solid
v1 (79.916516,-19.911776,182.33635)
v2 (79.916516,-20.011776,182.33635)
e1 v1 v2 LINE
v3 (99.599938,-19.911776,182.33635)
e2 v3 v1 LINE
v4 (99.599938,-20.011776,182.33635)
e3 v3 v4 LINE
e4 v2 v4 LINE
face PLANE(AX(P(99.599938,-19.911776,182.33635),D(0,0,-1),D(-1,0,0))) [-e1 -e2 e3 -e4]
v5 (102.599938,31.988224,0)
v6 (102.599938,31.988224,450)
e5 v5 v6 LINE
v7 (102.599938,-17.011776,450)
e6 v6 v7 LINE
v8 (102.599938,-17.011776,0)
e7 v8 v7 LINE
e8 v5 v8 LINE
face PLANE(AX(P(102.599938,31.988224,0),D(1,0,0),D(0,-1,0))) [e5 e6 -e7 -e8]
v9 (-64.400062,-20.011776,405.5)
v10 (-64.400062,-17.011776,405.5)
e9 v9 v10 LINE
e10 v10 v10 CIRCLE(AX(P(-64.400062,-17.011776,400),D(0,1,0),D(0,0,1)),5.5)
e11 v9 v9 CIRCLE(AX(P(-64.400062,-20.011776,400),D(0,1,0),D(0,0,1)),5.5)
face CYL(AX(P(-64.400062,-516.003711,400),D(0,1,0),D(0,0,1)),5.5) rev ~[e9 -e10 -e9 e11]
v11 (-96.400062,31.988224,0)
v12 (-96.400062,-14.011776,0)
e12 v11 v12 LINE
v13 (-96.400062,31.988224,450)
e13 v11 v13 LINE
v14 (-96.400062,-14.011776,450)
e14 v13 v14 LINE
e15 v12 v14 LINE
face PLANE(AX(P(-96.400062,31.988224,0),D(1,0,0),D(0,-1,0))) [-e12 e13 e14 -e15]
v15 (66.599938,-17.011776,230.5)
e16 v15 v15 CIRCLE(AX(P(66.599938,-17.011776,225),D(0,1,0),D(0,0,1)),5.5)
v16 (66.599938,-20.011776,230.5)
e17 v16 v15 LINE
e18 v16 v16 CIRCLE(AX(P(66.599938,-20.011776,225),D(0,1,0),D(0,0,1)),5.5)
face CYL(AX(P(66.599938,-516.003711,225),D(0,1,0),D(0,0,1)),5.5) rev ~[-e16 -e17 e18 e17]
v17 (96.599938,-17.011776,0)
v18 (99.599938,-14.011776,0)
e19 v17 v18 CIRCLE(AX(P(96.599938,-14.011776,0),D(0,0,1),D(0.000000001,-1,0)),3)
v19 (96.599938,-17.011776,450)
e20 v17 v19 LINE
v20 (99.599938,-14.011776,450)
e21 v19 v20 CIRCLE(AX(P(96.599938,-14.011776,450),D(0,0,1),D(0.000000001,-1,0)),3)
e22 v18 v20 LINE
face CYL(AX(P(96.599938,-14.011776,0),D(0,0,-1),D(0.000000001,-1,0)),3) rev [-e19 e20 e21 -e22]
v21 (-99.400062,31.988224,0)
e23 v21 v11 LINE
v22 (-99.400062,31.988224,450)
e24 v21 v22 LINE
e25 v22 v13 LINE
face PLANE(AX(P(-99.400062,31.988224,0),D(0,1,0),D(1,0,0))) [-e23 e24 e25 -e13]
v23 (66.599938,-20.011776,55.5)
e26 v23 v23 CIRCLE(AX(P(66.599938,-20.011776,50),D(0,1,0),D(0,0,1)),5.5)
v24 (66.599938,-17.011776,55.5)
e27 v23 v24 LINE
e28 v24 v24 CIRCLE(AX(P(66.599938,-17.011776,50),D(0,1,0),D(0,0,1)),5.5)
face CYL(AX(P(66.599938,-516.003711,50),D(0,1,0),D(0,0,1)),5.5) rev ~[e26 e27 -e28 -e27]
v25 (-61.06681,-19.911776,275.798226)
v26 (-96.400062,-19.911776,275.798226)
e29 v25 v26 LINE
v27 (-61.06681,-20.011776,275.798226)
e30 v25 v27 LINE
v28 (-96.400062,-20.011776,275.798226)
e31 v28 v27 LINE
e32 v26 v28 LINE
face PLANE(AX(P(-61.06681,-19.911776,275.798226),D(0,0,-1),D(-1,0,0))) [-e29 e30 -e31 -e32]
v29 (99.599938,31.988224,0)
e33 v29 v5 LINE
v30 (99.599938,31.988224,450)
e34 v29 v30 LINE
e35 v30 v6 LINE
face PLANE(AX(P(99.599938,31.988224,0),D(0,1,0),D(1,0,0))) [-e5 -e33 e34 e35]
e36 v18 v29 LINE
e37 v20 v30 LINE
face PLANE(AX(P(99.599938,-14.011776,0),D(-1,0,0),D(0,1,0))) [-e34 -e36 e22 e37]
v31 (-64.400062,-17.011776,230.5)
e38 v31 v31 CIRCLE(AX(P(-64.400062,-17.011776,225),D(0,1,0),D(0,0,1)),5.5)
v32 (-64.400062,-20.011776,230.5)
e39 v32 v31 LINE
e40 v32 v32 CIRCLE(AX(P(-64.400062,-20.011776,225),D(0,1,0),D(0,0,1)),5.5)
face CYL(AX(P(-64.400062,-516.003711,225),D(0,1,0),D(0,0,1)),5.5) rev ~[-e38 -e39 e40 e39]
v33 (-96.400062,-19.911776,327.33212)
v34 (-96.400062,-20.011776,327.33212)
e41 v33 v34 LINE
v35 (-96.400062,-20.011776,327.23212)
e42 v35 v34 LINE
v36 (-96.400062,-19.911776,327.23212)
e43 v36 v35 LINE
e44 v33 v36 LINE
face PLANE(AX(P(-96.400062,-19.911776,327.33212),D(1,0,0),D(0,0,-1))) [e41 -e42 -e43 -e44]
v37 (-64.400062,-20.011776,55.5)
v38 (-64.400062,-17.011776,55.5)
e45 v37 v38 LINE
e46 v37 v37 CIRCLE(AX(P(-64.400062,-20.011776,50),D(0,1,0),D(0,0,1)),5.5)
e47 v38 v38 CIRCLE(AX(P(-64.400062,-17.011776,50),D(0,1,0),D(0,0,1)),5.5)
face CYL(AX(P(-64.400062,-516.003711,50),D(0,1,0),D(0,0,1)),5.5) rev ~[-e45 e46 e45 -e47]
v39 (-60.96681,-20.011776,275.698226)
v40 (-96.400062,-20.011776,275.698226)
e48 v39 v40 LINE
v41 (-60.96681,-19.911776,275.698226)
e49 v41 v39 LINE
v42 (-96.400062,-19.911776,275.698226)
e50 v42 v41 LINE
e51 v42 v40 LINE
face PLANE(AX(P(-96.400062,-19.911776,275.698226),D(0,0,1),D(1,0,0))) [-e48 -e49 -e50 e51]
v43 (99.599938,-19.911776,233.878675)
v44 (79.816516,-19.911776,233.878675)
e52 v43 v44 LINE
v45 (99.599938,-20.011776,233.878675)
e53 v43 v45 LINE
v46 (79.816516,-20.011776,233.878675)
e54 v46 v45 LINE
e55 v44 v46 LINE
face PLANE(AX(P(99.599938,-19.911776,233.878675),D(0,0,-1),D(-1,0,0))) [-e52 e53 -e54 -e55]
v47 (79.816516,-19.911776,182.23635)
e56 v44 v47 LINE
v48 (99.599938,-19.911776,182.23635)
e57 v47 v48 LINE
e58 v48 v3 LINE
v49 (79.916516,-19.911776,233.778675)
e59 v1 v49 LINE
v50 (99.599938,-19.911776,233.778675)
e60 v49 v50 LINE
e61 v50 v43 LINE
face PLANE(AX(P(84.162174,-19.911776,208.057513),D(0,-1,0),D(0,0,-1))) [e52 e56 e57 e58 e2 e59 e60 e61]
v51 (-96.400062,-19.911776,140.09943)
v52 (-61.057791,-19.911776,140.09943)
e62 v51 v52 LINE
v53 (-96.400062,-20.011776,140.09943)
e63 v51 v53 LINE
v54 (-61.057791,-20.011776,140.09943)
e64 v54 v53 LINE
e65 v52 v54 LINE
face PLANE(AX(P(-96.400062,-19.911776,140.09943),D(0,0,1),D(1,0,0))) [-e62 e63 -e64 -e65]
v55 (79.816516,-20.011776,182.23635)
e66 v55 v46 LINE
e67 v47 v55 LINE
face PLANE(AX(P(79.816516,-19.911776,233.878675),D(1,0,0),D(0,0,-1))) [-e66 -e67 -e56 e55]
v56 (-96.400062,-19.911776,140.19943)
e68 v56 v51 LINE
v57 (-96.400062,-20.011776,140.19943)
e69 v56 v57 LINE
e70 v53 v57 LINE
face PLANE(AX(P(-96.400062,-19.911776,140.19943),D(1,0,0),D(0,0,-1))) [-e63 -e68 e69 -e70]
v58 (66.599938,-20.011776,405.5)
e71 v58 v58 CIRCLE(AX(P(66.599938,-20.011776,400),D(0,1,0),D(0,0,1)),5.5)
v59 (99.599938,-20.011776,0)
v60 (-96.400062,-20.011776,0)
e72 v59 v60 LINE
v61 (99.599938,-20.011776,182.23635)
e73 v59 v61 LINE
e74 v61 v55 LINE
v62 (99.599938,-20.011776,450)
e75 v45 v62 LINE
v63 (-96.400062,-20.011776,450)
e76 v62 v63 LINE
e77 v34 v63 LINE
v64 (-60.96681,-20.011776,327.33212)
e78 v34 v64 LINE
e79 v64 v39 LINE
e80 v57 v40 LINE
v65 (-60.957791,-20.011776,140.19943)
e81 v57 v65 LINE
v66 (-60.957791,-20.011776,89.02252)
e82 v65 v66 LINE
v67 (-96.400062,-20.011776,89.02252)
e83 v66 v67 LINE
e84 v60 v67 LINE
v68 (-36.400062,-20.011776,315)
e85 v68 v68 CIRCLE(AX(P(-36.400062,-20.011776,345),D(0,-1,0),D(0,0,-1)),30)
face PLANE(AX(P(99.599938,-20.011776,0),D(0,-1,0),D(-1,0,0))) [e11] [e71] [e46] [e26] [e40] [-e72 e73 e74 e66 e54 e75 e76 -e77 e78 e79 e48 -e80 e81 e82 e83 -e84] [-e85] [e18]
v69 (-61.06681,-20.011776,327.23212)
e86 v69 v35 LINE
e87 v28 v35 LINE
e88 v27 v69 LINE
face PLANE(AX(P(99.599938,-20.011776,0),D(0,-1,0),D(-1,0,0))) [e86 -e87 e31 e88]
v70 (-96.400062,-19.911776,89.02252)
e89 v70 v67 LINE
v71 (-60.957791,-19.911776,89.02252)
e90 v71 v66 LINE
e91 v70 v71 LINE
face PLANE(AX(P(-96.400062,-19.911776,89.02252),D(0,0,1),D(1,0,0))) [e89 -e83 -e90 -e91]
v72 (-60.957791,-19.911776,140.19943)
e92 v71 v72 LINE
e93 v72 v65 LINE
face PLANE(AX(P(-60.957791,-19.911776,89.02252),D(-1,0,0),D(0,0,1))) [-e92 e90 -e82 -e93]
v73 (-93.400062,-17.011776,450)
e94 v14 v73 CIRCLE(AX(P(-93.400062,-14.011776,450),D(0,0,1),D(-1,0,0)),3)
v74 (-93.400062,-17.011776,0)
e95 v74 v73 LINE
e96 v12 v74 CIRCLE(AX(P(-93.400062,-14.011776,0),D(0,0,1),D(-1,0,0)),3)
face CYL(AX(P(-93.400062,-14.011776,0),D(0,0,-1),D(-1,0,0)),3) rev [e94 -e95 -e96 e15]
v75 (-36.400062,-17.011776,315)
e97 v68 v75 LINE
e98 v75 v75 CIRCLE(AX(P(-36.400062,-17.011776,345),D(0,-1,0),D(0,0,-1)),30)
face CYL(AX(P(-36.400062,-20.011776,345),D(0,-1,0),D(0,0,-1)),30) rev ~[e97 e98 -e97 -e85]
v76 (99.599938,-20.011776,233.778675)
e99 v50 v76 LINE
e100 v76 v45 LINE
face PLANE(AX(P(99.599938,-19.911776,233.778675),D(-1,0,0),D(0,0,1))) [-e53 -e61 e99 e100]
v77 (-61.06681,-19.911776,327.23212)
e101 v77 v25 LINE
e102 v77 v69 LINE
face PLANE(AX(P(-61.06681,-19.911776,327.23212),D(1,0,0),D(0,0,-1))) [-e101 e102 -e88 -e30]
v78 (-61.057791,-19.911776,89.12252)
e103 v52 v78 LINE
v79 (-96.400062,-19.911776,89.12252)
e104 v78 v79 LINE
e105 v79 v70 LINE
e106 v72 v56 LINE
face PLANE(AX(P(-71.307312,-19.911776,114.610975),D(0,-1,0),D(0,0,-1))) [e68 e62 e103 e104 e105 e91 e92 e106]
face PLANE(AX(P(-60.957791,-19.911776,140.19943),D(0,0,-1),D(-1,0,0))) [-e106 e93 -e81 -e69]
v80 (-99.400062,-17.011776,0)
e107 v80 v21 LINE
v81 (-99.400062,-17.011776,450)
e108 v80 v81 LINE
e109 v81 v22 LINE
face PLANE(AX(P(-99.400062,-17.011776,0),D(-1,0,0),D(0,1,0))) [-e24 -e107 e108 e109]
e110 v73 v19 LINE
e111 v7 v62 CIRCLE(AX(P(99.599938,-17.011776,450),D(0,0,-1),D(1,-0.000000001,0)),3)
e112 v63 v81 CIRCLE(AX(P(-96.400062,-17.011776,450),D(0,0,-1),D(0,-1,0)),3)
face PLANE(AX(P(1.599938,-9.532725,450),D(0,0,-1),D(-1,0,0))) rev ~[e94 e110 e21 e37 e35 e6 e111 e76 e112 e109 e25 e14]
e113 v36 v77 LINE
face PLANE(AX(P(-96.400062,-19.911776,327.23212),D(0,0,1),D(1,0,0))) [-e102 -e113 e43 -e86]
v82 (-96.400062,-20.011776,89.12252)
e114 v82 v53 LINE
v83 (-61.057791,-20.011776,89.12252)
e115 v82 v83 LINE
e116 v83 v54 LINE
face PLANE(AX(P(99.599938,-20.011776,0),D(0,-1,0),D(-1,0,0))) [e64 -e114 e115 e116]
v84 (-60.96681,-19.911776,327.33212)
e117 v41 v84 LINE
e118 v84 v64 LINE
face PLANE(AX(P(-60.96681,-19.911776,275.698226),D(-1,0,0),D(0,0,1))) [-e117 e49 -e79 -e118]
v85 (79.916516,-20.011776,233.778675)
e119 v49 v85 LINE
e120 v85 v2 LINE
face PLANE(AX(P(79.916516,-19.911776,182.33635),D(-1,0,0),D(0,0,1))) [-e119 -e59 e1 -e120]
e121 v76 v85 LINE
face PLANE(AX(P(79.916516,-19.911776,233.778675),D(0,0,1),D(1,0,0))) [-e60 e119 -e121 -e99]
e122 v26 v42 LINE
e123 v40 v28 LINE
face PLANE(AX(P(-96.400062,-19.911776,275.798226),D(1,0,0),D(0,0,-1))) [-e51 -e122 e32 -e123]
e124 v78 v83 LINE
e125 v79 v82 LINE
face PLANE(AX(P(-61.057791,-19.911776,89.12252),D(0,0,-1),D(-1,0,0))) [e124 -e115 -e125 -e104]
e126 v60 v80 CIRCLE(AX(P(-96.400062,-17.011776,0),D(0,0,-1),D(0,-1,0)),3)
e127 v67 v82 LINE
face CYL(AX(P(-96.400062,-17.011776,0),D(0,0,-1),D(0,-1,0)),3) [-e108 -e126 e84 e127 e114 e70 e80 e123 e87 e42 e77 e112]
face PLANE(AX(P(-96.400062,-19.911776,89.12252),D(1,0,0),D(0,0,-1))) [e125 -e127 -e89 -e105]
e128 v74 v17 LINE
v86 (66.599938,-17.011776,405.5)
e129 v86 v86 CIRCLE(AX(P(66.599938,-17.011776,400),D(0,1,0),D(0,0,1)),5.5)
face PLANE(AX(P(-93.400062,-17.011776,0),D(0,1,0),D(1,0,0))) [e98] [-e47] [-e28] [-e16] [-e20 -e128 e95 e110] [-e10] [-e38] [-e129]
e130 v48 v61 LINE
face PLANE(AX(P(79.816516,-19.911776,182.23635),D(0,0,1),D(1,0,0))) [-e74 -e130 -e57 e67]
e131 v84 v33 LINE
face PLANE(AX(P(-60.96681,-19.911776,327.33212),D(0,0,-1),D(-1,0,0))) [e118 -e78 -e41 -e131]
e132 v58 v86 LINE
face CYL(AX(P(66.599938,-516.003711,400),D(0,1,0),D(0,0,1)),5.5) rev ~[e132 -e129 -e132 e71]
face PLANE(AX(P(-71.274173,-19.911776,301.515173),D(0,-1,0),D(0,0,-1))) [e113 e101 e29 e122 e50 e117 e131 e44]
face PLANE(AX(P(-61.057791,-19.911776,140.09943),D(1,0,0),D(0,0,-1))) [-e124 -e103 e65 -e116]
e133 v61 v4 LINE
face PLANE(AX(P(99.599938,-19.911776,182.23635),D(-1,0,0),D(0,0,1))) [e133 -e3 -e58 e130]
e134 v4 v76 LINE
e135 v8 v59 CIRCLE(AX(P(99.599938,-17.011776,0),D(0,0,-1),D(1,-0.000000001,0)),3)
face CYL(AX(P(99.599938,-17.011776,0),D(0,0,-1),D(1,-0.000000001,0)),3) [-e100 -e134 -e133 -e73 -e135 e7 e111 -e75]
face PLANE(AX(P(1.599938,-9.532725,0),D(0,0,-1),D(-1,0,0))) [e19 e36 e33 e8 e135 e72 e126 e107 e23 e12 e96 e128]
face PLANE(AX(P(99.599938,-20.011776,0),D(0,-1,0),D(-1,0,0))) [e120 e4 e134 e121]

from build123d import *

# Parameters (mm, degrees)
BOSS_EXTRUDE1_DEPTH          = 450
SKETCH3_R                    = 30
CUT_EXTRUDE2_DEPTH           = 609.050936432
M10_CLEARANCE_SLOT1_D        = 11
CUT_EXTRUDE_THIN4_DEPTH      = 609.050936432
CUT_EXTRUDE_THIN4_DEPTH_BACK = 0.1
CUT_EXTRUDE_THIN5_DEPTH      = 609.050936432
CUT_EXTRUDE_THIN5_DEPTH_BACK = 0.1
CUT_EXTRUDE_THIN6_DEPTH      = 609.050936432
CUT_EXTRUDE_THIN6_DEPTH_BACK = 0.1


with BuildPart() as part:
    # Sketch1 → Boss-Extrude1 (new body)
    with BuildSketch(Plane.XY):
        with BuildLine():
            Line((-96.40006218, 31.988224321), (-96.40006218, -14.011775679))
            ThreePointArc((-96.40006218, -14.011775679), (-95.521382524, -16.133096022), (-93.40006218, -17.011775679))
            Line((-93.40006218, -17.011775679), (96.59993782, -17.011775679))
            ThreePointArc((96.59993782, -17.011775679), (98.721258163, -16.133096022), (99.59993782, -14.011775679))
            Line((99.59993782, -14.011775679), (99.59993782, 31.988224321))
            Line((99.59993782, 31.988224321), (102.59993782, 31.988224321))
            Line((102.59993782, 31.988224321), (102.59993782, -17.011775679))
            ThreePointArc((102.59993782, -17.011775679), (101.721258163, -19.133096022), (99.59993782, -20.011775679))
            Line((99.59993782, -20.011775679), (-96.40006218, -20.011775679))
            ThreePointArc((-96.40006218, -20.011775679), (-98.521382524, -19.133096022), (-99.40006218, -17.011775679))
            Line((-99.40006218, -17.011775679), (-99.40006218, 31.988224321))
            Line((-99.40006218, 31.988224321), (-96.40006218, 31.988224321))
        make_face()
    extrude(amount=BOSS_EXTRUDE1_DEPTH)

    # Sketch3 → Cut-Extrude2 (cut, through all)
    with BuildSketch(Plane(origin=(-323.698265728, -20.011775679, 19.544679499), x_dir=(0, 0, -1), z_dir=(0, -1, 0))):
        with Locations((-325.455320501, 287.298203547)):
            Circle(SKETCH3_R)
    extrude(amount=-CUT_EXTRUDE2_DEPTH, mode=Mode.SUBTRACT)

    # M10 Clearance Slot1 (through all)
    with Locations(Plane(origin=(-323.698265728, -20.011775679, 19.544679499), x_dir=(0, 0, -1), z_dir=(0, -1, 0))):
        with Locations((-380.455320501, 390.298203547), (-205.455320501, 390.298203547), (-30.455320501, 390.298203547), (-30.455320501, 259.298203547), (-205.455320501, 259.298203547), (-380.455320501, 259.298203547)):
            Hole(M10_CLEARANCE_SLOT1_D / 2)

    # Sketch9 → Cut-Extrude-Thin4 (cut, two sides: drawn at the far end of the back side and taken through both)
    with BuildSketch(Plane(origin=(-323.698265728, -20.011775679, 19.544679499), x_dir=(0, 0, -1), z_dir=(0, -1, 0)).offset(-CUT_EXTRUDE_THIN4_DEPTH_BACK)):
        Polygon((-307.687440193, 227.298203547), (-307.687440193, 262.63145603), (-256.25354627, 262.63145603), (-256.25354627, 227.298203547), (-256.15354627, 227.298203547), (-256.15354627, 262.73145603), (-307.787440193, 262.73145603), (-307.787440193, 227.298203547), align=None)
    extrude(amount=CUT_EXTRUDE_THIN4_DEPTH + CUT_EXTRUDE_THIN4_DEPTH_BACK, mode=Mode.SUBTRACT)

    # Sketch10 → Cut-Extrude-Thin5 (cut, two sides: drawn at the far end of the back side and taken through both)
    with BuildSketch(Plane(origin=(-323.698265728, -20.011775679, 19.544679499), x_dir=(0, 0, -1), z_dir=(0, -1, 0)).offset(-CUT_EXTRUDE_THIN5_DEPTH_BACK)):
        Polygon((-69.477840086, 227.298203547), (-69.477840086, 262.740474595), (-120.654750778, 262.740474595), (-120.654750778, 227.298203547), (-120.554750778, 227.298203547), (-120.554750778, 262.640474595), (-69.577840086, 262.640474595), (-69.577840086, 227.298203547), align=None)
    extrude(amount=CUT_EXTRUDE_THIN5_DEPTH + CUT_EXTRUDE_THIN5_DEPTH_BACK, mode=Mode.SUBTRACT)

    # Sketch11 → Cut-Extrude-Thin6 (cut, two sides: drawn at the far end of the back side and taken through both)
    with BuildSketch(Plane(origin=(-323.698265728, -20.011775679, 19.544679499), x_dir=(0, 0, -1), z_dir=(0, -1, 0)).offset(-CUT_EXTRUDE_THIN6_DEPTH_BACK)):
        Polygon((-162.791670666, 423.298203547), (-162.791670666, 403.614782025), (-214.233995463, 403.614782025), (-214.233995463, 423.298203547), (-214.333995463, 423.298203547), (-214.333995463, 403.514782025), (-162.691670666, 403.514782025), (-162.691670666, 423.298203547), align=None)
    extrude(amount=CUT_EXTRUDE_THIN6_DEPTH + CUT_EXTRUDE_THIN6_DEPTH_BACK, mode=Mode.SUBTRACT)


solid = part.part
